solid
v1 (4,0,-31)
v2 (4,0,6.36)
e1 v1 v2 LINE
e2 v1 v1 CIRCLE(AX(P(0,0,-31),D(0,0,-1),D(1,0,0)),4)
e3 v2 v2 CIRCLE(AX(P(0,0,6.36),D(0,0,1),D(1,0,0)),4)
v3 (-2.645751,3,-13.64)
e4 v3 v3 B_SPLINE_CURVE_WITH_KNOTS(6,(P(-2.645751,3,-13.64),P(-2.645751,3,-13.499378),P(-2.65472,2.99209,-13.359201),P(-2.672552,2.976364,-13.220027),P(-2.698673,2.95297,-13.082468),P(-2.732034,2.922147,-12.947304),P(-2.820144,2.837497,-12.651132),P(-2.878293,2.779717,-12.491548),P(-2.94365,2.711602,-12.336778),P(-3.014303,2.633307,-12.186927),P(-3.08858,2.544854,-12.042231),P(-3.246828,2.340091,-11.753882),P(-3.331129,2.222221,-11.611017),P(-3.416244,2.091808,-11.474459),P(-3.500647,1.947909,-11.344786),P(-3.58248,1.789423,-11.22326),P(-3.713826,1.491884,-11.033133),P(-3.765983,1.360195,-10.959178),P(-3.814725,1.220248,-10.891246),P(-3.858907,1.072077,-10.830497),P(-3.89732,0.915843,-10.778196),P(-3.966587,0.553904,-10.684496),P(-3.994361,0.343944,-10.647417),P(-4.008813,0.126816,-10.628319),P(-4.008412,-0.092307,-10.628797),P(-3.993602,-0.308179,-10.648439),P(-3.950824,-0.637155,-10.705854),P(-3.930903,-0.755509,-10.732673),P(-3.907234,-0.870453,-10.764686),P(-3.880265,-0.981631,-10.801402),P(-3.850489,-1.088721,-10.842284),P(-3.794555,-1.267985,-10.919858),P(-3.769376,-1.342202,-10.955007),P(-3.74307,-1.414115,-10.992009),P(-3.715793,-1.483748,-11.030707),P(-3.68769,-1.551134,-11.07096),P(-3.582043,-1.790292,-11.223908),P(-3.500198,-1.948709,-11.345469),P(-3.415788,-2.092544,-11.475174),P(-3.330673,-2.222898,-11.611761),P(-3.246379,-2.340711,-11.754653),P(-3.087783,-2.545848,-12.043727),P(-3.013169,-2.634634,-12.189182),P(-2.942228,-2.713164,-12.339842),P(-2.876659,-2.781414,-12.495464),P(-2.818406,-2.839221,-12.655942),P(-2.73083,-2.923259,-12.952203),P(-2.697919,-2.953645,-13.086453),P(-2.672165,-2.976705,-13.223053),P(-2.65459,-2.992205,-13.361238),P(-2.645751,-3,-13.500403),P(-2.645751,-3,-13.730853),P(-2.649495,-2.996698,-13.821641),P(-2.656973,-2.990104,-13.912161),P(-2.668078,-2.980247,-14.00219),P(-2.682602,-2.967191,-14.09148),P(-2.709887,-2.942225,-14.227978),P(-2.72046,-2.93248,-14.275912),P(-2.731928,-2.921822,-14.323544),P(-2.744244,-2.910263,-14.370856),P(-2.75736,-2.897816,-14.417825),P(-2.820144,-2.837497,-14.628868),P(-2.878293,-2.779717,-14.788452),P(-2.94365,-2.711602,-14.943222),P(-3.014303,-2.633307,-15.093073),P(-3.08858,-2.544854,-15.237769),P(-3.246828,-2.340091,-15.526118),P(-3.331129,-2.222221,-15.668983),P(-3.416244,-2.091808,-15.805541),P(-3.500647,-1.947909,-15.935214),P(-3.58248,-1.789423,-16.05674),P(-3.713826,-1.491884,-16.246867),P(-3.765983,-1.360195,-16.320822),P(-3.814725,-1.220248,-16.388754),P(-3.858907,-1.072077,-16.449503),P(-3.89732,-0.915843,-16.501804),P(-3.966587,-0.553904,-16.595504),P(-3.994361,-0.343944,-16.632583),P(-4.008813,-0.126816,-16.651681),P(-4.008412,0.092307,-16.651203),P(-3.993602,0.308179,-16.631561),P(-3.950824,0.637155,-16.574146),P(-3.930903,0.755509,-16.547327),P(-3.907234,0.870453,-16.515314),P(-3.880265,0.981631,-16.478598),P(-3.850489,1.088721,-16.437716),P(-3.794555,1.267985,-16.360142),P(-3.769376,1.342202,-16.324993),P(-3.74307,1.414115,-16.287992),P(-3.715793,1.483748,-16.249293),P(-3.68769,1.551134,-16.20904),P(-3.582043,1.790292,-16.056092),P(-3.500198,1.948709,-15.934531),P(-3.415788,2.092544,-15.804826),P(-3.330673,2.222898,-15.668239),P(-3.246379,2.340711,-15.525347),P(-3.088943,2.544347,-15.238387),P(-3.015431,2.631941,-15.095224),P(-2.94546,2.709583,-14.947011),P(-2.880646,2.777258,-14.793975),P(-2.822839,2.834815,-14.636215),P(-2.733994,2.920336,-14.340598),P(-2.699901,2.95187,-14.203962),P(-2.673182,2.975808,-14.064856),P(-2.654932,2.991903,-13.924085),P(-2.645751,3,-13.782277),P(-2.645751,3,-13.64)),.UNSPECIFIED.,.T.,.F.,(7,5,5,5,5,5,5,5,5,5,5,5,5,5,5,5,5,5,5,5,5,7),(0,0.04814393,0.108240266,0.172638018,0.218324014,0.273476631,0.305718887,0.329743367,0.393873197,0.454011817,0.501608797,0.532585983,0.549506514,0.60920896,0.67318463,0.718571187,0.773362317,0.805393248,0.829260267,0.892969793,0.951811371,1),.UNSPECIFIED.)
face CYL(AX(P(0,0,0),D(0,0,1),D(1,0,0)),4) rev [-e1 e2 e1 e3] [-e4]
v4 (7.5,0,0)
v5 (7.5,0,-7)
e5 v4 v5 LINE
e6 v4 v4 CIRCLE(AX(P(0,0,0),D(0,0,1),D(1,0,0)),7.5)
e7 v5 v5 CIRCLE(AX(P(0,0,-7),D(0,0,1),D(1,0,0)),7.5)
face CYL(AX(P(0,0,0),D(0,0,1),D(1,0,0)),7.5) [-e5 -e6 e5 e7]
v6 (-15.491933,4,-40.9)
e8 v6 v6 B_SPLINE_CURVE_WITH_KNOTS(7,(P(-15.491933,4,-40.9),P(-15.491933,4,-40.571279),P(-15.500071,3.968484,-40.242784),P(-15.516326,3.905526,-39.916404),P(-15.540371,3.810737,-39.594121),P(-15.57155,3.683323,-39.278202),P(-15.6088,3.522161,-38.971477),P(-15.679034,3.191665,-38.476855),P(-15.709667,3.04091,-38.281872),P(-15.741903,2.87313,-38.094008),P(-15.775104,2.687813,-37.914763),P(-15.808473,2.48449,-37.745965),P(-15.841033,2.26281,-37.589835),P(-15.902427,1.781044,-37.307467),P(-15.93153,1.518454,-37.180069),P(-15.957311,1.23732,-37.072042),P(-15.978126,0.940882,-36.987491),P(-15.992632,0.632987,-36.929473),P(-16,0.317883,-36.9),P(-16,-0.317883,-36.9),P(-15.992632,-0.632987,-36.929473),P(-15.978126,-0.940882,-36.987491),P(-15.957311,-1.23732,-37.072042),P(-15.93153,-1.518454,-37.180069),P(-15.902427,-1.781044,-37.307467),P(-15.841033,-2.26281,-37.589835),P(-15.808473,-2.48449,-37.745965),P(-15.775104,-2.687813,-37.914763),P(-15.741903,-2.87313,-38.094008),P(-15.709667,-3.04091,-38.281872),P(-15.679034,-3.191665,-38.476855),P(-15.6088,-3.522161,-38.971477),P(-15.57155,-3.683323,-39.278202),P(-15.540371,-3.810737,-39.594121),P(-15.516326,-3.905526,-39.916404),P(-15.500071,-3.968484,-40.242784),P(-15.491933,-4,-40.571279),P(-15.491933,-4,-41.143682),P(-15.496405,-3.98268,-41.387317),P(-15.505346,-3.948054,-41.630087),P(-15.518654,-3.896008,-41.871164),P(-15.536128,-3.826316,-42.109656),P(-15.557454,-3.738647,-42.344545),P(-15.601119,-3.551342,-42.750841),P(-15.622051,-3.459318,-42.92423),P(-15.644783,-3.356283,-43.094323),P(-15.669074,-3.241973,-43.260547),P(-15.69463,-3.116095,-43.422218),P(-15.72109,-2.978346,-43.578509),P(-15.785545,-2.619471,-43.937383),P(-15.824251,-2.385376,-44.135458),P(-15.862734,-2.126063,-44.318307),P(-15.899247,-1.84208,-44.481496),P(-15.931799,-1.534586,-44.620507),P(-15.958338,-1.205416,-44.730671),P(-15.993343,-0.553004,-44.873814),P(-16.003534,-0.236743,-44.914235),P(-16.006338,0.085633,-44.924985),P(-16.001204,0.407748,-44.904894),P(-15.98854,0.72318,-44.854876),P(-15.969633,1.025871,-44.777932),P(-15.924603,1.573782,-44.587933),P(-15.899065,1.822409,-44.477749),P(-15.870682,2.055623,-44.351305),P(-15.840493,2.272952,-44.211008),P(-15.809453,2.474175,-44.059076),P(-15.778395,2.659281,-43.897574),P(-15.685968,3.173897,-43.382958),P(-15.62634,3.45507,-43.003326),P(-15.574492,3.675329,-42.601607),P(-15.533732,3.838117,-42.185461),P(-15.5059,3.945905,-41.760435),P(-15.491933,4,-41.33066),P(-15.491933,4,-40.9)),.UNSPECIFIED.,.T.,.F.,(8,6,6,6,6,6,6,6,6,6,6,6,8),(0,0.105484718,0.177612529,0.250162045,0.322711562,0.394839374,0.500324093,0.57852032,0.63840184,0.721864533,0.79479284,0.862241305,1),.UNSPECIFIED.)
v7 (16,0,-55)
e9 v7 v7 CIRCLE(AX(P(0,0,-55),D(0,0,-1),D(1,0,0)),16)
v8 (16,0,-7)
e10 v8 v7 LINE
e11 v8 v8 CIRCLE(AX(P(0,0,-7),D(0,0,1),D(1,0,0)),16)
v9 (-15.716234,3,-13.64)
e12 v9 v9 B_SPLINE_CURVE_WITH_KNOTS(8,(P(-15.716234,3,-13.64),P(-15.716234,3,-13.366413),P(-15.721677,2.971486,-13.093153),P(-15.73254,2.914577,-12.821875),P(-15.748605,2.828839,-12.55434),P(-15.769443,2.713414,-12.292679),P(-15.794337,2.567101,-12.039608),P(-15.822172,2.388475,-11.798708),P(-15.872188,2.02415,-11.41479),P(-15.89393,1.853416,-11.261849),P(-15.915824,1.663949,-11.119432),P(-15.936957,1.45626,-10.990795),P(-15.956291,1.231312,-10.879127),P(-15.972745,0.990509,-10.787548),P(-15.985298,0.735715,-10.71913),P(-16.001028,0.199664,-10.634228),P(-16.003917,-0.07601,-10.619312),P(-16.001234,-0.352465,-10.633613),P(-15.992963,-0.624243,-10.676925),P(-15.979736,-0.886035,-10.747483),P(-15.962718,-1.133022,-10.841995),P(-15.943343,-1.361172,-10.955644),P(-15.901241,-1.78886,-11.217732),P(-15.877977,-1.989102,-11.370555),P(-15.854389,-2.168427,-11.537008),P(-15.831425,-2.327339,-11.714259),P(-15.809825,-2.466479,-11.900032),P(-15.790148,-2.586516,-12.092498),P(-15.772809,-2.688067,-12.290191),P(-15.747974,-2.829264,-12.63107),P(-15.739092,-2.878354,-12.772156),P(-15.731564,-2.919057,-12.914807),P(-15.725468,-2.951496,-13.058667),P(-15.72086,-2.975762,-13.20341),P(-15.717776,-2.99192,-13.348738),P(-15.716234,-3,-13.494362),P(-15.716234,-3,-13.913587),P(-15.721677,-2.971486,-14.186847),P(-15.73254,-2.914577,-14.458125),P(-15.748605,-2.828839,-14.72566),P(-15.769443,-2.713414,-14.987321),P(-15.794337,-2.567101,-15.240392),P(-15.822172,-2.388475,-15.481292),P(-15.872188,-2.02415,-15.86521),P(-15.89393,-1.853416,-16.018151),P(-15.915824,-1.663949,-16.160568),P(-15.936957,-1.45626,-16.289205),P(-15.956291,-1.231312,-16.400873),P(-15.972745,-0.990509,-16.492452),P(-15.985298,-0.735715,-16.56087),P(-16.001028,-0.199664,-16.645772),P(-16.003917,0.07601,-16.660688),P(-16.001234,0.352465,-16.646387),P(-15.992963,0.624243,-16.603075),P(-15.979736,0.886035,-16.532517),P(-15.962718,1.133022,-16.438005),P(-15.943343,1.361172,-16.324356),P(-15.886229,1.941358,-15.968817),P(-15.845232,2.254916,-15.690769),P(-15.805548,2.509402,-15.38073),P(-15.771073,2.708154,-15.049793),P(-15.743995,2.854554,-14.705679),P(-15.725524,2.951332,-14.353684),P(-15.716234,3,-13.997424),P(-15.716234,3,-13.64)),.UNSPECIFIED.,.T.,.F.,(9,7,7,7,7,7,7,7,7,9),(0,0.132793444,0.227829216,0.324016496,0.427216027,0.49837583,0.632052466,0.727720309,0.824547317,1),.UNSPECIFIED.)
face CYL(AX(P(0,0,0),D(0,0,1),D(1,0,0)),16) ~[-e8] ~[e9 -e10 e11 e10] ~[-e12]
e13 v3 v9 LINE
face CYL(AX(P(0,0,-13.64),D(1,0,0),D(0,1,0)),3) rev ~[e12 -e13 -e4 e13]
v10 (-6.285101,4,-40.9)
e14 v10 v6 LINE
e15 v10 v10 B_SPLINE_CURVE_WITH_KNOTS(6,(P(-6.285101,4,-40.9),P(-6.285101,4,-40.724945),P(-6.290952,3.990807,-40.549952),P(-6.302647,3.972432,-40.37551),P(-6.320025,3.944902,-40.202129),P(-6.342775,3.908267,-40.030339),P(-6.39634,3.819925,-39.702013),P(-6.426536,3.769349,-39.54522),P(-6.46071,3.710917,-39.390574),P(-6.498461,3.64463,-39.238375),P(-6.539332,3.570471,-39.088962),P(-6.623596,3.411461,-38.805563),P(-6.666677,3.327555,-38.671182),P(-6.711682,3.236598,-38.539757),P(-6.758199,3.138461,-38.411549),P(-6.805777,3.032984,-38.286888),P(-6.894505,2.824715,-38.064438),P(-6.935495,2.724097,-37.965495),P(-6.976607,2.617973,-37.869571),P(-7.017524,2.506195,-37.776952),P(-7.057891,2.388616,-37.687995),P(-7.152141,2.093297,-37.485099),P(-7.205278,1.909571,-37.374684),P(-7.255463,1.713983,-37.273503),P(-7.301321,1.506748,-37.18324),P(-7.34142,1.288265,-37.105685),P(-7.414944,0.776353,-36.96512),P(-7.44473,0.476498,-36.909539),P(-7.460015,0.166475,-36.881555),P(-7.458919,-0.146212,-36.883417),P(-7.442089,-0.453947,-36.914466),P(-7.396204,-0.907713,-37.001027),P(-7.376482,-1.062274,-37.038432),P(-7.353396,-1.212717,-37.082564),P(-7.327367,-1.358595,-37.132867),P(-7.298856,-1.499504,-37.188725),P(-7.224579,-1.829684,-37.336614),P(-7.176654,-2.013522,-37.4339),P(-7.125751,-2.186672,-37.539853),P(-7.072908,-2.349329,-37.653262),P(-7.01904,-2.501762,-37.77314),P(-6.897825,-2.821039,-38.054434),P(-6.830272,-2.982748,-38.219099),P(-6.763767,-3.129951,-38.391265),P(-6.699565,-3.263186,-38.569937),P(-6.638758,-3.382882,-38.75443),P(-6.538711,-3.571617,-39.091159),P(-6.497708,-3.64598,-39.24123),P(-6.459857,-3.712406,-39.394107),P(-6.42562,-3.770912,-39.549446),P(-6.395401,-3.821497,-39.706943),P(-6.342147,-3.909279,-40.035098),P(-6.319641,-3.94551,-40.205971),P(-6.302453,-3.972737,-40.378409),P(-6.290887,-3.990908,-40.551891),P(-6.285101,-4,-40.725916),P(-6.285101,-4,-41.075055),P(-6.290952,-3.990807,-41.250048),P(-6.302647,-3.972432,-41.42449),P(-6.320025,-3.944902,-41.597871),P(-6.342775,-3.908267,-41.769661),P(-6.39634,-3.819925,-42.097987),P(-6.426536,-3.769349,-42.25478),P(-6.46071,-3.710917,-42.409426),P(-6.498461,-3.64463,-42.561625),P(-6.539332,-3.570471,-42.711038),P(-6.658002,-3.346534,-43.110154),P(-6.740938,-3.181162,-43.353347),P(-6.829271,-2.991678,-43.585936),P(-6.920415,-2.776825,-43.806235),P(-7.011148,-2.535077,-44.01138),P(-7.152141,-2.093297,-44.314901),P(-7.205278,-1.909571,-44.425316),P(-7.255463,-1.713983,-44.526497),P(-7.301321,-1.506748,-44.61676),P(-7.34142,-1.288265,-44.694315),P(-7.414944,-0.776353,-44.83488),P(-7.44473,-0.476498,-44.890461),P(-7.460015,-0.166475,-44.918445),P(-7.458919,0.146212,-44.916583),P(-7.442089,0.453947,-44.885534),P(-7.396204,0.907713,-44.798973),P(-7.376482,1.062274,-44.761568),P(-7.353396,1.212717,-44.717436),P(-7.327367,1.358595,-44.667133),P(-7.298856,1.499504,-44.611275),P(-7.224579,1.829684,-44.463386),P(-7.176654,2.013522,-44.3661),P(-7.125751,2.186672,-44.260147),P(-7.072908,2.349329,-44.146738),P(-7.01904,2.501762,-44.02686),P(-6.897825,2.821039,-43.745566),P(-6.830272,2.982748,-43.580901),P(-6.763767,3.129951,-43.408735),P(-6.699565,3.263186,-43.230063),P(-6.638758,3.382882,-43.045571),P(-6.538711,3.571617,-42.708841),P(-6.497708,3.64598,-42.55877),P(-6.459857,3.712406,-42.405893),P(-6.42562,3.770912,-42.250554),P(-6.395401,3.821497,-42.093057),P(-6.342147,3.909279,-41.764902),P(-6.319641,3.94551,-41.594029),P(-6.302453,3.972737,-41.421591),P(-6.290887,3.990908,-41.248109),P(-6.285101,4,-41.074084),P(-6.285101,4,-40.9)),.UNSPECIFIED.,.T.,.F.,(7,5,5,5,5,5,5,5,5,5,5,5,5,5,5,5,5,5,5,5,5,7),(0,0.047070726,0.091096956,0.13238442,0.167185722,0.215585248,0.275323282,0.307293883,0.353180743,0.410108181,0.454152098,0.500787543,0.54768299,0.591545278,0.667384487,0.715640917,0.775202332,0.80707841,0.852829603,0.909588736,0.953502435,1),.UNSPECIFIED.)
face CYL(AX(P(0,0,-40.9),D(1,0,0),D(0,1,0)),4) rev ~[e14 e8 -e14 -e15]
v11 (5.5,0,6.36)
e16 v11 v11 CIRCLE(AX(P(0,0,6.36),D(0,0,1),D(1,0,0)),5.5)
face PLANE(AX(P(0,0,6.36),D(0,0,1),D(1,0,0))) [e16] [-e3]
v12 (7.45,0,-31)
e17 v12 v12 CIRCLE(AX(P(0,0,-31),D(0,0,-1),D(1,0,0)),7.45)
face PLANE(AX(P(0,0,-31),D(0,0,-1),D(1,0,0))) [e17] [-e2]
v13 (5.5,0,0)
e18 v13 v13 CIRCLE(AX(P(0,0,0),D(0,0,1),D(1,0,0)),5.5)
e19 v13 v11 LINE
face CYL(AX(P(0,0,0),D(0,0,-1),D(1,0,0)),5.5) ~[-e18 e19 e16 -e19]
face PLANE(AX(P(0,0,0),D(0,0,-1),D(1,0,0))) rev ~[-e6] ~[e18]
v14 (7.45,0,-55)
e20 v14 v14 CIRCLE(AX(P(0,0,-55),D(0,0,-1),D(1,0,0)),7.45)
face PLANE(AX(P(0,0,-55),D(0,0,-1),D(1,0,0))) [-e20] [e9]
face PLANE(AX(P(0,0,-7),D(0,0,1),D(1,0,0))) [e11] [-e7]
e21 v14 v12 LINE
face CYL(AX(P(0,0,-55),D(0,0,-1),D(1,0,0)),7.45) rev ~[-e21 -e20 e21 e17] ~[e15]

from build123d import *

# Parameters (mm, degrees)
F0_R      = 5.5
F0_R_2    = 4
F1_DEPTH  = 6.36
F2_R      = 16
F2_R_2    = 5.5
F2_R_3    = 4
F3_DEPTH  = 55
F4_R      = 36.2915386418
F4_R_2    = 16
F4_R_3    = 7.5
F5_DEPTH  = 7
F6_R      = 3
F7_DEPTH  = 25
F8_R      = 7.45
F8_R_2    = 4
F9_DEPTH  = 24
F10_R     = 4
F11_DEPTH = 25


with BuildPart() as f1:
    # F0 (on Top) → F1 (new body)
    with BuildSketch(Plane.XY):
        Circle(F0_R)
        Circle(F0_R_2, mode=Mode.SUBTRACT)
    extrude(amount=F1_DEPTH)

    # F2 (on face) → F3 (join)
    with BuildSketch(Plane(origin=(0, 0, 0), x_dir=(1, 0, 0), z_dir=(0, 0, -1))):
        Circle(F2_R)
        Circle(F2_R_2, mode=Mode.SUBTRACT)
        Circle(F2_R_2)
        Circle(F2_R_3, mode=Mode.SUBTRACT)
    extrude(amount=F3_DEPTH)

    # F4 (on face) → F5 (cut)
    with BuildSketch(Plane.XY):
        Circle(F4_R)
        Circle(F4_R_2, mode=Mode.SUBTRACT)
        Circle(F4_R_2)
        Circle(F4_R_3, mode=Mode.SUBTRACT)
    extrude(amount=-F5_DEPTH, mode=Mode.SUBTRACT)

    # F6 (on Right) → F7 (cut)
    with BuildSketch(Plane.YZ):
        with Locations((0, -13.64)):
            Circle(F6_R)
    extrude(amount=-F7_DEPTH, mode=Mode.SUBTRACT)

    # F8 (on face) → F9 (cut)
    with BuildSketch(Plane(origin=(0, 0, -55), x_dir=(1, 0, 0), z_dir=(0, 0, -1))):
        Circle(F8_R)
        Circle(F8_R_2, mode=Mode.SUBTRACT)
    extrude(amount=-F9_DEPTH, mode=Mode.SUBTRACT)

    # F10 (on Right) → F11 (cut)
    with BuildSketch(Plane.YZ):
        with Locations((0, -40.9)):
            Circle(F10_R)
    extrude(amount=-F11_DEPTH, mode=Mode.SUBTRACT)


solid = f1.part
